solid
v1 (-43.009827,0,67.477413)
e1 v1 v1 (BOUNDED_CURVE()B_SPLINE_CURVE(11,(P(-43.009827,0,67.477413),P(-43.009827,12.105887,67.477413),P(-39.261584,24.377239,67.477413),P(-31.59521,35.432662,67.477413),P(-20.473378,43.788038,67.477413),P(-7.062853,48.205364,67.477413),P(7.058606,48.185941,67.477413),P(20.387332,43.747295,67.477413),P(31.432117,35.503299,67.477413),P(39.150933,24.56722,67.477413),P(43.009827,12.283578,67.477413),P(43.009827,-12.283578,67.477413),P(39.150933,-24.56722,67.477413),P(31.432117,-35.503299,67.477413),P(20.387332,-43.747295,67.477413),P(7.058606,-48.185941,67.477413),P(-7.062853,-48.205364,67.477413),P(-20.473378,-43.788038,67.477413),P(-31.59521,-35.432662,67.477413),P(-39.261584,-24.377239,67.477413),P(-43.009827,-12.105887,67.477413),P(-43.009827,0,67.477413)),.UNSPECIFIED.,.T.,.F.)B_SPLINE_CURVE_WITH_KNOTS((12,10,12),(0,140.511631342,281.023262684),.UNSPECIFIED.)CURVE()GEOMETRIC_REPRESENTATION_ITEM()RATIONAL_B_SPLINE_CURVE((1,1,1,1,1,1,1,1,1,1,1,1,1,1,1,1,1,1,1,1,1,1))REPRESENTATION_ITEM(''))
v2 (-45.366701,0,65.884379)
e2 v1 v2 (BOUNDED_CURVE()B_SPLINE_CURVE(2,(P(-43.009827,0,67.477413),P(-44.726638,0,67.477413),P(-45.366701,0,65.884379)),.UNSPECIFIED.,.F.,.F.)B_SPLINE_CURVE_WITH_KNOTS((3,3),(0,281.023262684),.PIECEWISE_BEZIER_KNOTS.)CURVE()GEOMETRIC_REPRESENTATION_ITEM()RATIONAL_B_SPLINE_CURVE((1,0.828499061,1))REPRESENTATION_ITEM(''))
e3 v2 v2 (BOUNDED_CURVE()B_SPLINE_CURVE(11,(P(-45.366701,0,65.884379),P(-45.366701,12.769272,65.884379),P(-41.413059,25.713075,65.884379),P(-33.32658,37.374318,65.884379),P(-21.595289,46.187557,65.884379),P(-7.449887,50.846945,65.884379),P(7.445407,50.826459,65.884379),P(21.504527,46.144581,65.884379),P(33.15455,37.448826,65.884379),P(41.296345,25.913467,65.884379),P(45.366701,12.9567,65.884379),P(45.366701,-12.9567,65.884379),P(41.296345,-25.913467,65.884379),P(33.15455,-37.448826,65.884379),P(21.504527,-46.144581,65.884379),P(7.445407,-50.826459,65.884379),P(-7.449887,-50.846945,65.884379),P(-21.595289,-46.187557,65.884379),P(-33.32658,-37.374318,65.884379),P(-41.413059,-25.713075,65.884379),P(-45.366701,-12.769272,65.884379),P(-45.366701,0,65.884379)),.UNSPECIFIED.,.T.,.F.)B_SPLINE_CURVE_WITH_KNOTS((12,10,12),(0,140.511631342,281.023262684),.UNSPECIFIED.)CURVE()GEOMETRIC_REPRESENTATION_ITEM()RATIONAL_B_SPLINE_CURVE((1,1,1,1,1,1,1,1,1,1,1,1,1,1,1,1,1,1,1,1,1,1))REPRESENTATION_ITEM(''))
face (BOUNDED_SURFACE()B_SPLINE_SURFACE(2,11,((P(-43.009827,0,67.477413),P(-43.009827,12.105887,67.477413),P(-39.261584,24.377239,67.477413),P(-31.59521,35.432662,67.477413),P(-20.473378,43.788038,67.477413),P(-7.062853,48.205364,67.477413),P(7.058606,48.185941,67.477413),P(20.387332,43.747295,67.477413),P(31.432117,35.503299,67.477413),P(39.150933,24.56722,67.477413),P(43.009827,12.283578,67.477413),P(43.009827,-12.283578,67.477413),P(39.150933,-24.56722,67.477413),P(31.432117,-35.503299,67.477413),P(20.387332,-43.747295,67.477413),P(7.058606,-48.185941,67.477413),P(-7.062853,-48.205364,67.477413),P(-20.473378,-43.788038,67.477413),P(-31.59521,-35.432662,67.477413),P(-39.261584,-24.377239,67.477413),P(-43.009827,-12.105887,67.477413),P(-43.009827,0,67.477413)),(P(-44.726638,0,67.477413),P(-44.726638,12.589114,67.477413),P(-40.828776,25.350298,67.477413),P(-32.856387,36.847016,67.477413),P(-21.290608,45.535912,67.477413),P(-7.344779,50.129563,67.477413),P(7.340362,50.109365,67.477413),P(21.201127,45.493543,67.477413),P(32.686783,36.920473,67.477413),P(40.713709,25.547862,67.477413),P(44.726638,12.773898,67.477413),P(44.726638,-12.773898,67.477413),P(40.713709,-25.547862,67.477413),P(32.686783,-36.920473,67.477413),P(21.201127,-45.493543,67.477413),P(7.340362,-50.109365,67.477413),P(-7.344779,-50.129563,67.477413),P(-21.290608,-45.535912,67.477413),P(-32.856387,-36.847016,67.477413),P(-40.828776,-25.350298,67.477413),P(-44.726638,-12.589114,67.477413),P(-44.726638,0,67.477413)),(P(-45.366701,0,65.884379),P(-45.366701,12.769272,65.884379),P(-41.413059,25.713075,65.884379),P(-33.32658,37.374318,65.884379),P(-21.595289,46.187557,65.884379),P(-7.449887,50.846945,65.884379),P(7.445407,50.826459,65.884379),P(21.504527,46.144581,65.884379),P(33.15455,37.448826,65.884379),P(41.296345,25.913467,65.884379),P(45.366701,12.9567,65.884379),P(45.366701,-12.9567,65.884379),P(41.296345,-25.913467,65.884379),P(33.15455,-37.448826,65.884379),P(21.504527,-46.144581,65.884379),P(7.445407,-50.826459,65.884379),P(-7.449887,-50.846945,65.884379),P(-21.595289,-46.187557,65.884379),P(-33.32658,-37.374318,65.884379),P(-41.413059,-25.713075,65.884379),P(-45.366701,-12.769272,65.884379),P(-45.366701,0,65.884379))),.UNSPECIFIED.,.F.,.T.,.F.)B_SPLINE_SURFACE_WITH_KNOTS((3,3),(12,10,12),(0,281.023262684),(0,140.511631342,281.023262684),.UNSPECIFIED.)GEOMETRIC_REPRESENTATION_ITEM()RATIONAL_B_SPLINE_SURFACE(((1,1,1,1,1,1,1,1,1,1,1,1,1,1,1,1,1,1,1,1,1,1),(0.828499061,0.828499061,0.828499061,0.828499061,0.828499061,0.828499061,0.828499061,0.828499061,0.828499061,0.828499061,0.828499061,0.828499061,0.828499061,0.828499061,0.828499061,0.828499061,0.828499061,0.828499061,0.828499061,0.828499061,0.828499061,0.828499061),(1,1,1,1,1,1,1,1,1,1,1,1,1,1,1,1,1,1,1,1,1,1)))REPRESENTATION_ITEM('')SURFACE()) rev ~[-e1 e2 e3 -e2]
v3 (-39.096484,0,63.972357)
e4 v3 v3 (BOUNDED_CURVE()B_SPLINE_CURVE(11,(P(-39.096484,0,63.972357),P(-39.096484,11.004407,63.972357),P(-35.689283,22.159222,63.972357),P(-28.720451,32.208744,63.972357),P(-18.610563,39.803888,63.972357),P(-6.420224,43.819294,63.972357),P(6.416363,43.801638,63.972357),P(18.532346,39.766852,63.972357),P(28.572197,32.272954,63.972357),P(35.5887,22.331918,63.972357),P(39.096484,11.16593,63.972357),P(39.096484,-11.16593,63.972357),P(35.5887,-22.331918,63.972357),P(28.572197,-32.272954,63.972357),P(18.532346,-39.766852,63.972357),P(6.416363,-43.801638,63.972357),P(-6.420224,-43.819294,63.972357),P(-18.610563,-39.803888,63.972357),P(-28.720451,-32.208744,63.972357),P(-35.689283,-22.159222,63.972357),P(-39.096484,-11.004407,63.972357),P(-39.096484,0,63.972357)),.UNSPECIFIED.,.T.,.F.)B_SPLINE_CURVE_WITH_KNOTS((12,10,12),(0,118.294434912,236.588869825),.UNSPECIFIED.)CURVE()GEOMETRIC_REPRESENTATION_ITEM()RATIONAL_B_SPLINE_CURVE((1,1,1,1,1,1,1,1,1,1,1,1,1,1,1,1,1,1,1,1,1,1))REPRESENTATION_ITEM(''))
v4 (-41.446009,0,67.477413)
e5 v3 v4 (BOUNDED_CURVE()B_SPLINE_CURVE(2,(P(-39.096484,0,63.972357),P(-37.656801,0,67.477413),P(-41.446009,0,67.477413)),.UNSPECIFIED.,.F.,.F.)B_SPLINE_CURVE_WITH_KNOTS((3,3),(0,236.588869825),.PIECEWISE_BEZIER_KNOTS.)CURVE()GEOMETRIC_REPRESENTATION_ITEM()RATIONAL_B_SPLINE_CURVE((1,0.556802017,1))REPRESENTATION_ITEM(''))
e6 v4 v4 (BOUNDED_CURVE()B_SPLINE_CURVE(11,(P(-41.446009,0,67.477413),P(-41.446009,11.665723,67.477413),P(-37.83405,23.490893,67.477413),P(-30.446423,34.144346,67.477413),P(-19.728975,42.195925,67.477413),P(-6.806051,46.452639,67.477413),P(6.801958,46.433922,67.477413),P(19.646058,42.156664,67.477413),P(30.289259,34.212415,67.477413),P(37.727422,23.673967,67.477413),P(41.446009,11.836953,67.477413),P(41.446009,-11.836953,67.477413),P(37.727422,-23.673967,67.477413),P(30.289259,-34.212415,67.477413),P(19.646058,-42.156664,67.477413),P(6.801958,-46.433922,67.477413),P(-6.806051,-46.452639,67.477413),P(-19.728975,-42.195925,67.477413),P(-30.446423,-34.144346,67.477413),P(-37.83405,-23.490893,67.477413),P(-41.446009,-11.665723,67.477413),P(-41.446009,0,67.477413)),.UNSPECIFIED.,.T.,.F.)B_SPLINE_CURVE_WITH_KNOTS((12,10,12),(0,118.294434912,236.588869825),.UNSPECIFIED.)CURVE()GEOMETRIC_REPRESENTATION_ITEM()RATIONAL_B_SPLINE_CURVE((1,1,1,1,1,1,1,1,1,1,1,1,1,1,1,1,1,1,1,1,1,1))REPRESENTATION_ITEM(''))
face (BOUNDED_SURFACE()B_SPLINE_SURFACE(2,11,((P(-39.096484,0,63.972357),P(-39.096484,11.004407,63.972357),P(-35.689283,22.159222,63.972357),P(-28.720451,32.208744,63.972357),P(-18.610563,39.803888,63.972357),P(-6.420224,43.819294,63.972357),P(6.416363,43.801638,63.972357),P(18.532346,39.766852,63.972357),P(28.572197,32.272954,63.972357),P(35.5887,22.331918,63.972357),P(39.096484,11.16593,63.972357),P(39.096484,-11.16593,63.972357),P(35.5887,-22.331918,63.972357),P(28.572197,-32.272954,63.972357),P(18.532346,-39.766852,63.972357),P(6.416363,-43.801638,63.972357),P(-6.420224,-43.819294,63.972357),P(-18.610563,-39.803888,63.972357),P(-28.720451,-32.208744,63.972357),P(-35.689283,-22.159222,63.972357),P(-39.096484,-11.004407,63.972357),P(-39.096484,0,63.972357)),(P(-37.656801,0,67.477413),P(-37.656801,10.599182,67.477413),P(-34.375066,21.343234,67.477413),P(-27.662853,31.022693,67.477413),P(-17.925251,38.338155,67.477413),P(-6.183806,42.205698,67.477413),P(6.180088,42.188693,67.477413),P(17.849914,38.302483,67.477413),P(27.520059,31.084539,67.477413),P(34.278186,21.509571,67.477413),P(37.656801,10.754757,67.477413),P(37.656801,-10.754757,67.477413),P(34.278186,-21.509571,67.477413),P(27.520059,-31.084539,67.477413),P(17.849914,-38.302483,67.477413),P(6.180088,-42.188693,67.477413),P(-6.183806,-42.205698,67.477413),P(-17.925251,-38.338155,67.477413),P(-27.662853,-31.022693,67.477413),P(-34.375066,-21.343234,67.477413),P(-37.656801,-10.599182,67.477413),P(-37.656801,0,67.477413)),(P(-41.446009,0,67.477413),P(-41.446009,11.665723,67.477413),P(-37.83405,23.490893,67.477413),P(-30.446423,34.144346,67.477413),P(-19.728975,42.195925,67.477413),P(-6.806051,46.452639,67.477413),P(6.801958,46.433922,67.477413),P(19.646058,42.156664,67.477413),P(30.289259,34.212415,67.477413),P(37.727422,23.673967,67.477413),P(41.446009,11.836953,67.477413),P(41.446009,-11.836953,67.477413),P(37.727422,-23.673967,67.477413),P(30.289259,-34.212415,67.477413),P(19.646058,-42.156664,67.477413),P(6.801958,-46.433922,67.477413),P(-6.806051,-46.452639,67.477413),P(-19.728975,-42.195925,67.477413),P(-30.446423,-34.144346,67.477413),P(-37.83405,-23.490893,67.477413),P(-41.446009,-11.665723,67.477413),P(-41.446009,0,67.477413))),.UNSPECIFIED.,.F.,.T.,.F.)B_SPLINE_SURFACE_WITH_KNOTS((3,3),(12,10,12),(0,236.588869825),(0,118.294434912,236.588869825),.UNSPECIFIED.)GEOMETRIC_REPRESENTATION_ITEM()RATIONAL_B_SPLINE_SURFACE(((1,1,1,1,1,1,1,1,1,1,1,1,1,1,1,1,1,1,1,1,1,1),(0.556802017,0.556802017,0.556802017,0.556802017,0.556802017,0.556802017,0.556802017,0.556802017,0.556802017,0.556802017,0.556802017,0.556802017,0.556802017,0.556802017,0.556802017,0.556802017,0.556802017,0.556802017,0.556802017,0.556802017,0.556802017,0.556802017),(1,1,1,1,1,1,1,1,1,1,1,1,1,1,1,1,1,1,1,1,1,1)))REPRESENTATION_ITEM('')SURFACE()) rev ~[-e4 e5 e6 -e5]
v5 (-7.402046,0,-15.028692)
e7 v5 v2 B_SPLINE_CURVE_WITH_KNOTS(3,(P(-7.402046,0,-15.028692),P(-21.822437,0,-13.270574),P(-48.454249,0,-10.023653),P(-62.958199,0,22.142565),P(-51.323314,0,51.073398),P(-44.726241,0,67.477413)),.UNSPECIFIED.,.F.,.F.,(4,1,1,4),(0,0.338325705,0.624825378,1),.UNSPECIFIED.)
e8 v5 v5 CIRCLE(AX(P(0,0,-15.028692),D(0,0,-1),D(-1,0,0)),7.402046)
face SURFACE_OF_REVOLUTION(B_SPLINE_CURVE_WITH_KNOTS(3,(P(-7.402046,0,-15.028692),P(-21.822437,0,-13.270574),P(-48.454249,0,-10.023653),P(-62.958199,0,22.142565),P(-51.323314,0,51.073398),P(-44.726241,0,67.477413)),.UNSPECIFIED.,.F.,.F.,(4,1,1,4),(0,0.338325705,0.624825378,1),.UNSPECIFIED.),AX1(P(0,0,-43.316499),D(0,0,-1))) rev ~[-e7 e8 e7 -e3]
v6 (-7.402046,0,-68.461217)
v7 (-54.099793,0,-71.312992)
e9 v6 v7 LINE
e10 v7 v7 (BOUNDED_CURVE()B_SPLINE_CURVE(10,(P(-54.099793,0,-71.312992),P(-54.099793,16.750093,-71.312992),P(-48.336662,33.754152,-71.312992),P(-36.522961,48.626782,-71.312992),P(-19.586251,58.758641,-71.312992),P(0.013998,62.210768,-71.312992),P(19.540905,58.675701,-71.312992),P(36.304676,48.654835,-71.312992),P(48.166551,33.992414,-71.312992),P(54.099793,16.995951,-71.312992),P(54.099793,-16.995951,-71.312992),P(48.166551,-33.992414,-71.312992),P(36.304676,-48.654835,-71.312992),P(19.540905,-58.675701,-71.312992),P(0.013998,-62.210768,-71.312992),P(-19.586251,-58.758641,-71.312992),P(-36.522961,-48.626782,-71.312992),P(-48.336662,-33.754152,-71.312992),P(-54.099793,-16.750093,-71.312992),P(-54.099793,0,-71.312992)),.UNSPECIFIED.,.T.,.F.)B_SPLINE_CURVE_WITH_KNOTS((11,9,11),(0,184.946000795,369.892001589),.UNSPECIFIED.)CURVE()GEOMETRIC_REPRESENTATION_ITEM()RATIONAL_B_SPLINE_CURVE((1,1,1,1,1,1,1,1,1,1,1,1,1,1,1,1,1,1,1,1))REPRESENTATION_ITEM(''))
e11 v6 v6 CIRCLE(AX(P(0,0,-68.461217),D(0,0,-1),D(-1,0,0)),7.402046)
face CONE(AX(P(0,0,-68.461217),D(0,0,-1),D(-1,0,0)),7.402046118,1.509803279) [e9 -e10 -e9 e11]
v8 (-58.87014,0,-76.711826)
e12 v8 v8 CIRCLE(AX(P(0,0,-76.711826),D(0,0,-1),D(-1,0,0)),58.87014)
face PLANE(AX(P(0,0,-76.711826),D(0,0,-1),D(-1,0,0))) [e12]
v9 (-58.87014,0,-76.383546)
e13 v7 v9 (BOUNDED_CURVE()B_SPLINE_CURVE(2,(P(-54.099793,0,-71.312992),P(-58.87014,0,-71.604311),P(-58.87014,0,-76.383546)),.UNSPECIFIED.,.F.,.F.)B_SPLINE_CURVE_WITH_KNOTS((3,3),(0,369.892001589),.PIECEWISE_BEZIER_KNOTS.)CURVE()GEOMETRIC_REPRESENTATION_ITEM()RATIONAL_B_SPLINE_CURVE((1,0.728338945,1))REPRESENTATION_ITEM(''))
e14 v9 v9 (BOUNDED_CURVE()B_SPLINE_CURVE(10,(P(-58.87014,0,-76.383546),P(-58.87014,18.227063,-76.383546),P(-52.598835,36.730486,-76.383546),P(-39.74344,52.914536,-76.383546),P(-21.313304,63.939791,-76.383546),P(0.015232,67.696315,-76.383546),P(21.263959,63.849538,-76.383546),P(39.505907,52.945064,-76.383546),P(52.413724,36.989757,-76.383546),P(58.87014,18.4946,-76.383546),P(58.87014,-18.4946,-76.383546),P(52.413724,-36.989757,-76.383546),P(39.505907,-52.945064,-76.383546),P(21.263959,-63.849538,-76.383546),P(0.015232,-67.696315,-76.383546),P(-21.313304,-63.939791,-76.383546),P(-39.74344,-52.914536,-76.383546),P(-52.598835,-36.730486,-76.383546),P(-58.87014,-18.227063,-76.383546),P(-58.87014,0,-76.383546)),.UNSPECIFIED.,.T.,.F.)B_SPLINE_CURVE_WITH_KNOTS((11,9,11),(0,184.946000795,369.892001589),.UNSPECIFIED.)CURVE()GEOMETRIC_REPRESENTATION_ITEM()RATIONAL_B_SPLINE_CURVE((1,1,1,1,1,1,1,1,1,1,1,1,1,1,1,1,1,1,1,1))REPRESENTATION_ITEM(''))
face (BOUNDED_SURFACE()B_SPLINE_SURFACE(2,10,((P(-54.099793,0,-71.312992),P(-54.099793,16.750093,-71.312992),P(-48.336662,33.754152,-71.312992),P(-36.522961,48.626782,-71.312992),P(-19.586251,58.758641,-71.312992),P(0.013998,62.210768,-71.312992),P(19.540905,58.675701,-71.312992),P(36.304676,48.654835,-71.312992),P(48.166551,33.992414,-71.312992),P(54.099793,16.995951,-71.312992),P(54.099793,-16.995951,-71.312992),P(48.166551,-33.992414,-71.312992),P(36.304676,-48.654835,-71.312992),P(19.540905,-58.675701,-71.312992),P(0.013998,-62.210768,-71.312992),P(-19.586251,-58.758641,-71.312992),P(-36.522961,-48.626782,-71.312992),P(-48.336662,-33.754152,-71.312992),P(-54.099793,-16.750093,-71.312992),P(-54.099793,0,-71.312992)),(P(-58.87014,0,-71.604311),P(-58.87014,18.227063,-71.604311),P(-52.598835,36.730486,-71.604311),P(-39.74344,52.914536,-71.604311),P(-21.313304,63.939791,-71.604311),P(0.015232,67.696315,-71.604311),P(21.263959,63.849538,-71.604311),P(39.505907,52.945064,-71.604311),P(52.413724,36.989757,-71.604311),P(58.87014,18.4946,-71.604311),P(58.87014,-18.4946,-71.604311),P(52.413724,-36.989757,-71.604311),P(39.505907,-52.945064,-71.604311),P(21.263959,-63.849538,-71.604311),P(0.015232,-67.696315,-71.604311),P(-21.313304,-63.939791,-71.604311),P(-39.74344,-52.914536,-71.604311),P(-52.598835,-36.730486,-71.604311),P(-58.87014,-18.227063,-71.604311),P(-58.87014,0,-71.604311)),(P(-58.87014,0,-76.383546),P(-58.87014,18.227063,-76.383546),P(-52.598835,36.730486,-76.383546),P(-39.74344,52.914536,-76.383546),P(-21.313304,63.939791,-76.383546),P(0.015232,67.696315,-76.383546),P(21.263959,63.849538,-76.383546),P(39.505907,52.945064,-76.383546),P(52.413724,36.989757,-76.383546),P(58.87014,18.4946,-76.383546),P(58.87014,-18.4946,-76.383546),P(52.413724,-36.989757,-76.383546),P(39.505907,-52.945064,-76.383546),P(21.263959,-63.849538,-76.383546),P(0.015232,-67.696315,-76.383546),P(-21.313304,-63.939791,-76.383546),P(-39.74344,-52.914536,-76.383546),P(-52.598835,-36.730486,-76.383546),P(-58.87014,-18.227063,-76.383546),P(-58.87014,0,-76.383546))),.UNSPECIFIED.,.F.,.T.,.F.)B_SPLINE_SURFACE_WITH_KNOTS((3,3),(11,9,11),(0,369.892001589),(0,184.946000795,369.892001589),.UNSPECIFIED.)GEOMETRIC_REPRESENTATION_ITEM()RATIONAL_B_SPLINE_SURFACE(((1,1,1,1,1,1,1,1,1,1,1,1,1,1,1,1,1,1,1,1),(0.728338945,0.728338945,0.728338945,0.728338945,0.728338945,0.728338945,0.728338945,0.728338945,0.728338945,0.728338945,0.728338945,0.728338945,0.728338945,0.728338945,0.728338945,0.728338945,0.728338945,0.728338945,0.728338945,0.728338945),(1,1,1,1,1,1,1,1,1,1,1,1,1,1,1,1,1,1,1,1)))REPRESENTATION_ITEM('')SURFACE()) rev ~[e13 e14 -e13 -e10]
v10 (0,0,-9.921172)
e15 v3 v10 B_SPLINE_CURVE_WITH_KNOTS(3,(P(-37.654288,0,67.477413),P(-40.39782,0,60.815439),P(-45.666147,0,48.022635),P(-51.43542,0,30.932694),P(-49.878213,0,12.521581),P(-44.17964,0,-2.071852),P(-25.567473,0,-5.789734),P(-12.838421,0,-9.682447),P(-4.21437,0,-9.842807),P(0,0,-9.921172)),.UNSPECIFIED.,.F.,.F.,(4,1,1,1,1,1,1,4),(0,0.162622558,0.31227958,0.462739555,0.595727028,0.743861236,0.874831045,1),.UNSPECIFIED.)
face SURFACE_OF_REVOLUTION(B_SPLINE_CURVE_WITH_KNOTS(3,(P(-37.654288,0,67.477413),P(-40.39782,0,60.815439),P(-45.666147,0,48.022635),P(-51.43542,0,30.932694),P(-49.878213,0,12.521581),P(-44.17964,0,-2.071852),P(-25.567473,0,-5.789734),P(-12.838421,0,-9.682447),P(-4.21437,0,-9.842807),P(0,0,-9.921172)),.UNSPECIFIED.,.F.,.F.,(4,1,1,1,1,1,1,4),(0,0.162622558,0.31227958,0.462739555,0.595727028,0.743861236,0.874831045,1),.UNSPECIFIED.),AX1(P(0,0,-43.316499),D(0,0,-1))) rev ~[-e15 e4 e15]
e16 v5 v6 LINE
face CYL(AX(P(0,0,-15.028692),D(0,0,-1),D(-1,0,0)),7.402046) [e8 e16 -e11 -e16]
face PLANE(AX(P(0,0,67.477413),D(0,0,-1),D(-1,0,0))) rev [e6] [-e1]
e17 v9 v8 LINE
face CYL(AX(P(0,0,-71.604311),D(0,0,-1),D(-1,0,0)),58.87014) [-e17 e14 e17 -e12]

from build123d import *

# Parameters (mm, degrees)
F2_R = 2.54
F3_R = 5.08


with BuildPart() as f1:
    # F0 (on Front) → F1 (revolve)
    with BuildSketch(Plane.XZ):
        with BuildLine():
            Line((-58.8701404631, -76.7118260264), (0, -76.7118260264))
            Line((0, -76.7118260264), (0, -9.9211717024))
            add(Edge.make_bspline(
                [(-37.6542881131, 67.4774125218), (-40.3978195934, 60.8154387259), (-45.6661468924, 48.0226354844), (-51.4354204687, 30.9326939777), (-49.8782131008, 12.5215814648), (-44.1796398329, -2.071851824), (-25.5674726522, -5.789733912), (-12.8384212429, -9.6824466373), (-4.2143698933, -9.8428072596), (0, -9.9211717024)],
                knots=[0, 0, 0, 0, 0.1626225576, 0.3122795805, 0.462739555, 0.5957270276, 0.7438612356, 0.8748310448, 1, 1, 1, 1], degree=3))
            Line((-37.6542881131, 67.4774125218), (-44.72624138, 67.4774125218))
            add(Edge.make_bspline(
                [(-7.4020461179, -15.0286918506), (-21.8224374661, -13.2705739323), (-48.4542491652, -10.023653359), (-62.9581988318, 22.1425649738), (-51.323314142, 51.0733983768), (-44.72624138, 67.4774125218)],
                knots=[0, 0, 0, 0, 0.3383257051, 0.6248253778, 1, 1, 1, 1], degree=3))
            Line((-7.4020461179, -15.0286918506), (-7.4020461179, -68.4612169862))
            Line((-7.4020461179, -68.4612169862), (-58.8701404631, -71.6043114662))
            Line((-58.8701404631, -71.6043114662), (-58.8701404631, -76.7118260264))
        make_face()
    revolve(axis=Axis((0, 0, -43.3164988644), (0, 0, -1)))

    # F2
    f2_edges = [f1.edges().sort_by_distance(p)[0] for p in [
        (44.726241, 0, 67.477413),
        (37.654288, 0, 67.477413),
    ]]
    fillet(f2_edges, radius=F2_R)

    # F3
    f3_edges = [f1.edges().sort_by_distance(p)[0] for p in [
        (58.87014, 0, -71.604311),
    ]]
    fillet(f3_edges, radius=F3_R)


solid = f1.part
